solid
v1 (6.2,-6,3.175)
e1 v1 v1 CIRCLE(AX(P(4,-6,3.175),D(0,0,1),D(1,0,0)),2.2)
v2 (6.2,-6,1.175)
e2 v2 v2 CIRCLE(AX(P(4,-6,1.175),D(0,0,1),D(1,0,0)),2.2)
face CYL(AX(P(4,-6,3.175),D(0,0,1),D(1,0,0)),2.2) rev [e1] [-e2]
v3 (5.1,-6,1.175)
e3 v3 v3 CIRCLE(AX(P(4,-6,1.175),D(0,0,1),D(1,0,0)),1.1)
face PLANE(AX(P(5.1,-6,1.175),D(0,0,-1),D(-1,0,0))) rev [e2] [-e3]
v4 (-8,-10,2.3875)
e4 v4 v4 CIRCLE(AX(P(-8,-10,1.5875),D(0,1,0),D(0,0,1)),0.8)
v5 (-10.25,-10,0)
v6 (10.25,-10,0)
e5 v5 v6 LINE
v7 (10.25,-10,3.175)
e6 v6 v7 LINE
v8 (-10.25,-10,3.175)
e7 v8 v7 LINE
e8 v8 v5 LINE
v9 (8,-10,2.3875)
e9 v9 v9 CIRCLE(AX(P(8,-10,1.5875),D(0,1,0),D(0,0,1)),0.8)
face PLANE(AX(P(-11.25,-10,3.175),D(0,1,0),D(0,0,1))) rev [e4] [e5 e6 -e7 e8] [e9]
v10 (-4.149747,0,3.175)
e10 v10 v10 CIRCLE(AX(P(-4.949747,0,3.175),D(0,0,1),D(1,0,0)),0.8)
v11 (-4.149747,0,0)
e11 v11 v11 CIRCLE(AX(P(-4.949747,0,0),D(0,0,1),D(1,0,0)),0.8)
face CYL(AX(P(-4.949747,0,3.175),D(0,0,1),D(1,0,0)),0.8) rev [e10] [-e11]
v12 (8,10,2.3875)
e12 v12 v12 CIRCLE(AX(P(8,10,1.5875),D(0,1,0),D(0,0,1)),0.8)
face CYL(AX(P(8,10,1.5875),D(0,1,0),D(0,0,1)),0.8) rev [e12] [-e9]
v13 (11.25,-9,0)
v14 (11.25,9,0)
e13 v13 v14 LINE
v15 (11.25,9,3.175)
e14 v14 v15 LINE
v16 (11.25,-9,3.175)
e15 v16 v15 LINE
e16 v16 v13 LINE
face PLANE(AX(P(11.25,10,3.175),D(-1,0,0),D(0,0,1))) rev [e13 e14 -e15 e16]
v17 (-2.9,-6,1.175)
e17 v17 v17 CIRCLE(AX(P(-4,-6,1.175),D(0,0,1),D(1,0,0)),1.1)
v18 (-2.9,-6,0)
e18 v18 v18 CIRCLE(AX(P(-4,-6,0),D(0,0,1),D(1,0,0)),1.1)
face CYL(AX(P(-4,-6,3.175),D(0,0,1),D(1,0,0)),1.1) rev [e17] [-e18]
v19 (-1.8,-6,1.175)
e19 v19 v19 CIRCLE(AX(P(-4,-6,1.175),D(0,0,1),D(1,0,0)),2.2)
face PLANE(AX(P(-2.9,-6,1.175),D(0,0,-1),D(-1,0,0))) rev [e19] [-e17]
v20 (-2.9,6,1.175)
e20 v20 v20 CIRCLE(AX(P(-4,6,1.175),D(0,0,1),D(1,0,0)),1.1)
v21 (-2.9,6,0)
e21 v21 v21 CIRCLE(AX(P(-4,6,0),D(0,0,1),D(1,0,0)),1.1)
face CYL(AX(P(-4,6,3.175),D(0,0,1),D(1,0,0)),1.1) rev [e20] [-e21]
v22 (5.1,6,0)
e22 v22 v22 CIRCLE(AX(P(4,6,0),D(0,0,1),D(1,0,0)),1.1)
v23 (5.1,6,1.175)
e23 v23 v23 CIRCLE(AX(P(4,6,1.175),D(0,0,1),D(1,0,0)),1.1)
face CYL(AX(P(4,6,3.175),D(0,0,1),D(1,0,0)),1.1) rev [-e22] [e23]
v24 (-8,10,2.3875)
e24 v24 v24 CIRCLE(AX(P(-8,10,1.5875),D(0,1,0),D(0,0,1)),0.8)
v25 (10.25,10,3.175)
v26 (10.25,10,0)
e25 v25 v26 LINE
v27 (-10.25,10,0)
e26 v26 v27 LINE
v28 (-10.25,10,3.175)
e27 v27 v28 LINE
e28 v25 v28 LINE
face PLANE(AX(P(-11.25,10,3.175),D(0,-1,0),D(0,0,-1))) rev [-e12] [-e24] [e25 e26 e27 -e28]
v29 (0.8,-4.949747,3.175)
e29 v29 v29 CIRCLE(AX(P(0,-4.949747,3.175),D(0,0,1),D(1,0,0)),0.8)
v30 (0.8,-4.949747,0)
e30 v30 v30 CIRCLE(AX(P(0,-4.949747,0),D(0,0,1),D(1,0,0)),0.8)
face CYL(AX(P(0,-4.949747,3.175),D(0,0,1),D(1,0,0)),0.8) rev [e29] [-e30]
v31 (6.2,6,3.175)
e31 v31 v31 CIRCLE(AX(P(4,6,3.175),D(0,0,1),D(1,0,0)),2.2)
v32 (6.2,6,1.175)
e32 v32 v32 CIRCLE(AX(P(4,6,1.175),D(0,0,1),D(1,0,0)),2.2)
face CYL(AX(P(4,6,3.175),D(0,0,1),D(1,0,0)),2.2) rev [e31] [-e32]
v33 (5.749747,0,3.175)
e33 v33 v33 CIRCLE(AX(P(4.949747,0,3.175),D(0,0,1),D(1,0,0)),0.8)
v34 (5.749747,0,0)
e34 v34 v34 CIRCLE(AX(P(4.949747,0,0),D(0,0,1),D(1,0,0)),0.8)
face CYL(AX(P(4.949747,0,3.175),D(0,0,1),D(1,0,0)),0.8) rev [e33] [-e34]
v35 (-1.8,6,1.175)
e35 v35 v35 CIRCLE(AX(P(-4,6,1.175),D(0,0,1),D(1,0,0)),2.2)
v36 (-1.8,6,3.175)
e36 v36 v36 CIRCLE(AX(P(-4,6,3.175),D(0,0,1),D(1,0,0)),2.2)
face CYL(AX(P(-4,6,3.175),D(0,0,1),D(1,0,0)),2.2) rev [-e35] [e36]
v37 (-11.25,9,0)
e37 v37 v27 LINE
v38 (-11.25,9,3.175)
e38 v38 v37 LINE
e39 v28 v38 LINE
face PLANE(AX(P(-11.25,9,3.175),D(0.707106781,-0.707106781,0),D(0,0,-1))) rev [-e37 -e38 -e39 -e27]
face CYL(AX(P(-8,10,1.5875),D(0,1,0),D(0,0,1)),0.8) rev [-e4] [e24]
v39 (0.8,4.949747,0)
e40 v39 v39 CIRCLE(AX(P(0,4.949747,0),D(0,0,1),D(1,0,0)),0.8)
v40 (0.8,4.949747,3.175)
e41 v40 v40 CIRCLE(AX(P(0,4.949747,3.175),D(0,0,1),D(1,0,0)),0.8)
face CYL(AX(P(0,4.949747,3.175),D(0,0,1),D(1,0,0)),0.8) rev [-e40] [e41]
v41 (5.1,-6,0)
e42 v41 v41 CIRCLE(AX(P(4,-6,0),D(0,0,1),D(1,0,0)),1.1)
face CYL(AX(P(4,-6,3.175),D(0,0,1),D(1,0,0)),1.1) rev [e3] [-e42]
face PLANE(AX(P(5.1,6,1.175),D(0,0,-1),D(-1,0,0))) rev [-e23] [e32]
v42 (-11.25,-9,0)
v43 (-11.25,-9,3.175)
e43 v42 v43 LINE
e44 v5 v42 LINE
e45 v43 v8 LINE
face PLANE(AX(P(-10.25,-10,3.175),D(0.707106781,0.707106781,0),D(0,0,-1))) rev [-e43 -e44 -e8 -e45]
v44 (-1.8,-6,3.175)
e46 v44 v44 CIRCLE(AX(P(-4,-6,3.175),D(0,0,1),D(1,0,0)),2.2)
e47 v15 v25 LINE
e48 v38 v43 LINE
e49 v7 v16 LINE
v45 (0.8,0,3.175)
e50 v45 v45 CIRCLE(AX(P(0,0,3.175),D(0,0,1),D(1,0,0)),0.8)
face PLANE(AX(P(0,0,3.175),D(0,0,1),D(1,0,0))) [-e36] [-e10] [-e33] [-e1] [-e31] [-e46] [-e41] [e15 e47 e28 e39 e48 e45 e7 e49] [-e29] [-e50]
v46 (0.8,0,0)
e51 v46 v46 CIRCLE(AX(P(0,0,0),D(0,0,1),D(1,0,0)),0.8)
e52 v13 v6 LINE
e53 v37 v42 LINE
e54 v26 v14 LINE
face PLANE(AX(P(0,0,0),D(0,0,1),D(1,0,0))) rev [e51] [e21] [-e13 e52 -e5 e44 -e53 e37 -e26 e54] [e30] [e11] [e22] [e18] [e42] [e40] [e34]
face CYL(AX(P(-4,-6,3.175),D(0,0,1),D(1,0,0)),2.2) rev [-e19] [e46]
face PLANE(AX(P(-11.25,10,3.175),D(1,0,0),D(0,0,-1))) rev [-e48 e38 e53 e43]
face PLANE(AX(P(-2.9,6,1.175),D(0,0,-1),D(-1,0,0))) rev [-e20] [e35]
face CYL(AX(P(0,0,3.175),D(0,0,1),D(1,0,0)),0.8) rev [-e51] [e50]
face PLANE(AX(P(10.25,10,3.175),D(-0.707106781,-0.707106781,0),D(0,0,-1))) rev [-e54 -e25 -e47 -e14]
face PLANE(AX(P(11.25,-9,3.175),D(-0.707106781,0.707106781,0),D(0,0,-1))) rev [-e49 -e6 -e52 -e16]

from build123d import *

# Parameters (mm, degrees)
SKETCH1_W                      = 22.5
SKETCH1_H                      = 20
BOSS_EXTRUDE1_DEPTH            = 3.175
CBORE_FOR_M2_SHCS1_D           = 2.2
CBORE_FOR_M2_SHCS1_CBORE_D     = 4.4
CBORE_FOR_M2_SHCS1_CBORE_DEPTH = 2
TAP_DRILL_FOR_M2X0_4_TAP1_D    = 1.6
TAP_DRILL_FOR_M2X0_4_TAP2_D    = 1.6
FILLET1_SIZE                   = 1


with BuildPart() as part:
    # Sketch1 → Boss-Extrude1 (new body)
    with BuildSketch(Plane.XY):
        Rectangle(SKETCH1_W, SKETCH1_H)
    extrude(amount=BOSS_EXTRUDE1_DEPTH)

    # CBORE for M2 SHCS1 (through all)
    with Locations(Plane.XY.offset(3.175)):
        with Locations((4, 6), (-4, -6), (-4, 6), (4, -6)):
            CounterBoreHole(CBORE_FOR_M2_SHCS1_D / 2, CBORE_FOR_M2_SHCS1_CBORE_D / 2, CBORE_FOR_M2_SHCS1_CBORE_DEPTH)

    # Tap Drill for M2x0.4 Tap1 (through all)
    with Locations(Plane(origin=(0, 10, 0), x_dir=(1, 0, 0), z_dir=(0, 1, 0))):
        with Locations((8, -1.5875), (-8, -1.5875)):
            Hole(TAP_DRILL_FOR_M2X0_4_TAP1_D / 2)

    # Tap Drill for M2x0.4 Tap2 (through all)
    with Locations(Plane.XY.offset(3.175)):
        with Locations((0, 0), (-4.949747468, 0), (0, -4.949747468), (4.949747468, 0), (0, 4.949747468)):
            Hole(TAP_DRILL_FOR_M2X0_4_TAP2_D / 2)

    # Fillet1
    fillet1_edges = [part.edges().sort_by_distance(p)[0] for p in [
        (11.25, -10, 1.5875),
        (-11.25, -10, 1.5875),
        (-11.25, 10, 1.5875),
        (11.25, 10, 1.5875),
    ]]
    chamfer(fillet1_edges, length=FILLET1_SIZE)


solid = part.part
